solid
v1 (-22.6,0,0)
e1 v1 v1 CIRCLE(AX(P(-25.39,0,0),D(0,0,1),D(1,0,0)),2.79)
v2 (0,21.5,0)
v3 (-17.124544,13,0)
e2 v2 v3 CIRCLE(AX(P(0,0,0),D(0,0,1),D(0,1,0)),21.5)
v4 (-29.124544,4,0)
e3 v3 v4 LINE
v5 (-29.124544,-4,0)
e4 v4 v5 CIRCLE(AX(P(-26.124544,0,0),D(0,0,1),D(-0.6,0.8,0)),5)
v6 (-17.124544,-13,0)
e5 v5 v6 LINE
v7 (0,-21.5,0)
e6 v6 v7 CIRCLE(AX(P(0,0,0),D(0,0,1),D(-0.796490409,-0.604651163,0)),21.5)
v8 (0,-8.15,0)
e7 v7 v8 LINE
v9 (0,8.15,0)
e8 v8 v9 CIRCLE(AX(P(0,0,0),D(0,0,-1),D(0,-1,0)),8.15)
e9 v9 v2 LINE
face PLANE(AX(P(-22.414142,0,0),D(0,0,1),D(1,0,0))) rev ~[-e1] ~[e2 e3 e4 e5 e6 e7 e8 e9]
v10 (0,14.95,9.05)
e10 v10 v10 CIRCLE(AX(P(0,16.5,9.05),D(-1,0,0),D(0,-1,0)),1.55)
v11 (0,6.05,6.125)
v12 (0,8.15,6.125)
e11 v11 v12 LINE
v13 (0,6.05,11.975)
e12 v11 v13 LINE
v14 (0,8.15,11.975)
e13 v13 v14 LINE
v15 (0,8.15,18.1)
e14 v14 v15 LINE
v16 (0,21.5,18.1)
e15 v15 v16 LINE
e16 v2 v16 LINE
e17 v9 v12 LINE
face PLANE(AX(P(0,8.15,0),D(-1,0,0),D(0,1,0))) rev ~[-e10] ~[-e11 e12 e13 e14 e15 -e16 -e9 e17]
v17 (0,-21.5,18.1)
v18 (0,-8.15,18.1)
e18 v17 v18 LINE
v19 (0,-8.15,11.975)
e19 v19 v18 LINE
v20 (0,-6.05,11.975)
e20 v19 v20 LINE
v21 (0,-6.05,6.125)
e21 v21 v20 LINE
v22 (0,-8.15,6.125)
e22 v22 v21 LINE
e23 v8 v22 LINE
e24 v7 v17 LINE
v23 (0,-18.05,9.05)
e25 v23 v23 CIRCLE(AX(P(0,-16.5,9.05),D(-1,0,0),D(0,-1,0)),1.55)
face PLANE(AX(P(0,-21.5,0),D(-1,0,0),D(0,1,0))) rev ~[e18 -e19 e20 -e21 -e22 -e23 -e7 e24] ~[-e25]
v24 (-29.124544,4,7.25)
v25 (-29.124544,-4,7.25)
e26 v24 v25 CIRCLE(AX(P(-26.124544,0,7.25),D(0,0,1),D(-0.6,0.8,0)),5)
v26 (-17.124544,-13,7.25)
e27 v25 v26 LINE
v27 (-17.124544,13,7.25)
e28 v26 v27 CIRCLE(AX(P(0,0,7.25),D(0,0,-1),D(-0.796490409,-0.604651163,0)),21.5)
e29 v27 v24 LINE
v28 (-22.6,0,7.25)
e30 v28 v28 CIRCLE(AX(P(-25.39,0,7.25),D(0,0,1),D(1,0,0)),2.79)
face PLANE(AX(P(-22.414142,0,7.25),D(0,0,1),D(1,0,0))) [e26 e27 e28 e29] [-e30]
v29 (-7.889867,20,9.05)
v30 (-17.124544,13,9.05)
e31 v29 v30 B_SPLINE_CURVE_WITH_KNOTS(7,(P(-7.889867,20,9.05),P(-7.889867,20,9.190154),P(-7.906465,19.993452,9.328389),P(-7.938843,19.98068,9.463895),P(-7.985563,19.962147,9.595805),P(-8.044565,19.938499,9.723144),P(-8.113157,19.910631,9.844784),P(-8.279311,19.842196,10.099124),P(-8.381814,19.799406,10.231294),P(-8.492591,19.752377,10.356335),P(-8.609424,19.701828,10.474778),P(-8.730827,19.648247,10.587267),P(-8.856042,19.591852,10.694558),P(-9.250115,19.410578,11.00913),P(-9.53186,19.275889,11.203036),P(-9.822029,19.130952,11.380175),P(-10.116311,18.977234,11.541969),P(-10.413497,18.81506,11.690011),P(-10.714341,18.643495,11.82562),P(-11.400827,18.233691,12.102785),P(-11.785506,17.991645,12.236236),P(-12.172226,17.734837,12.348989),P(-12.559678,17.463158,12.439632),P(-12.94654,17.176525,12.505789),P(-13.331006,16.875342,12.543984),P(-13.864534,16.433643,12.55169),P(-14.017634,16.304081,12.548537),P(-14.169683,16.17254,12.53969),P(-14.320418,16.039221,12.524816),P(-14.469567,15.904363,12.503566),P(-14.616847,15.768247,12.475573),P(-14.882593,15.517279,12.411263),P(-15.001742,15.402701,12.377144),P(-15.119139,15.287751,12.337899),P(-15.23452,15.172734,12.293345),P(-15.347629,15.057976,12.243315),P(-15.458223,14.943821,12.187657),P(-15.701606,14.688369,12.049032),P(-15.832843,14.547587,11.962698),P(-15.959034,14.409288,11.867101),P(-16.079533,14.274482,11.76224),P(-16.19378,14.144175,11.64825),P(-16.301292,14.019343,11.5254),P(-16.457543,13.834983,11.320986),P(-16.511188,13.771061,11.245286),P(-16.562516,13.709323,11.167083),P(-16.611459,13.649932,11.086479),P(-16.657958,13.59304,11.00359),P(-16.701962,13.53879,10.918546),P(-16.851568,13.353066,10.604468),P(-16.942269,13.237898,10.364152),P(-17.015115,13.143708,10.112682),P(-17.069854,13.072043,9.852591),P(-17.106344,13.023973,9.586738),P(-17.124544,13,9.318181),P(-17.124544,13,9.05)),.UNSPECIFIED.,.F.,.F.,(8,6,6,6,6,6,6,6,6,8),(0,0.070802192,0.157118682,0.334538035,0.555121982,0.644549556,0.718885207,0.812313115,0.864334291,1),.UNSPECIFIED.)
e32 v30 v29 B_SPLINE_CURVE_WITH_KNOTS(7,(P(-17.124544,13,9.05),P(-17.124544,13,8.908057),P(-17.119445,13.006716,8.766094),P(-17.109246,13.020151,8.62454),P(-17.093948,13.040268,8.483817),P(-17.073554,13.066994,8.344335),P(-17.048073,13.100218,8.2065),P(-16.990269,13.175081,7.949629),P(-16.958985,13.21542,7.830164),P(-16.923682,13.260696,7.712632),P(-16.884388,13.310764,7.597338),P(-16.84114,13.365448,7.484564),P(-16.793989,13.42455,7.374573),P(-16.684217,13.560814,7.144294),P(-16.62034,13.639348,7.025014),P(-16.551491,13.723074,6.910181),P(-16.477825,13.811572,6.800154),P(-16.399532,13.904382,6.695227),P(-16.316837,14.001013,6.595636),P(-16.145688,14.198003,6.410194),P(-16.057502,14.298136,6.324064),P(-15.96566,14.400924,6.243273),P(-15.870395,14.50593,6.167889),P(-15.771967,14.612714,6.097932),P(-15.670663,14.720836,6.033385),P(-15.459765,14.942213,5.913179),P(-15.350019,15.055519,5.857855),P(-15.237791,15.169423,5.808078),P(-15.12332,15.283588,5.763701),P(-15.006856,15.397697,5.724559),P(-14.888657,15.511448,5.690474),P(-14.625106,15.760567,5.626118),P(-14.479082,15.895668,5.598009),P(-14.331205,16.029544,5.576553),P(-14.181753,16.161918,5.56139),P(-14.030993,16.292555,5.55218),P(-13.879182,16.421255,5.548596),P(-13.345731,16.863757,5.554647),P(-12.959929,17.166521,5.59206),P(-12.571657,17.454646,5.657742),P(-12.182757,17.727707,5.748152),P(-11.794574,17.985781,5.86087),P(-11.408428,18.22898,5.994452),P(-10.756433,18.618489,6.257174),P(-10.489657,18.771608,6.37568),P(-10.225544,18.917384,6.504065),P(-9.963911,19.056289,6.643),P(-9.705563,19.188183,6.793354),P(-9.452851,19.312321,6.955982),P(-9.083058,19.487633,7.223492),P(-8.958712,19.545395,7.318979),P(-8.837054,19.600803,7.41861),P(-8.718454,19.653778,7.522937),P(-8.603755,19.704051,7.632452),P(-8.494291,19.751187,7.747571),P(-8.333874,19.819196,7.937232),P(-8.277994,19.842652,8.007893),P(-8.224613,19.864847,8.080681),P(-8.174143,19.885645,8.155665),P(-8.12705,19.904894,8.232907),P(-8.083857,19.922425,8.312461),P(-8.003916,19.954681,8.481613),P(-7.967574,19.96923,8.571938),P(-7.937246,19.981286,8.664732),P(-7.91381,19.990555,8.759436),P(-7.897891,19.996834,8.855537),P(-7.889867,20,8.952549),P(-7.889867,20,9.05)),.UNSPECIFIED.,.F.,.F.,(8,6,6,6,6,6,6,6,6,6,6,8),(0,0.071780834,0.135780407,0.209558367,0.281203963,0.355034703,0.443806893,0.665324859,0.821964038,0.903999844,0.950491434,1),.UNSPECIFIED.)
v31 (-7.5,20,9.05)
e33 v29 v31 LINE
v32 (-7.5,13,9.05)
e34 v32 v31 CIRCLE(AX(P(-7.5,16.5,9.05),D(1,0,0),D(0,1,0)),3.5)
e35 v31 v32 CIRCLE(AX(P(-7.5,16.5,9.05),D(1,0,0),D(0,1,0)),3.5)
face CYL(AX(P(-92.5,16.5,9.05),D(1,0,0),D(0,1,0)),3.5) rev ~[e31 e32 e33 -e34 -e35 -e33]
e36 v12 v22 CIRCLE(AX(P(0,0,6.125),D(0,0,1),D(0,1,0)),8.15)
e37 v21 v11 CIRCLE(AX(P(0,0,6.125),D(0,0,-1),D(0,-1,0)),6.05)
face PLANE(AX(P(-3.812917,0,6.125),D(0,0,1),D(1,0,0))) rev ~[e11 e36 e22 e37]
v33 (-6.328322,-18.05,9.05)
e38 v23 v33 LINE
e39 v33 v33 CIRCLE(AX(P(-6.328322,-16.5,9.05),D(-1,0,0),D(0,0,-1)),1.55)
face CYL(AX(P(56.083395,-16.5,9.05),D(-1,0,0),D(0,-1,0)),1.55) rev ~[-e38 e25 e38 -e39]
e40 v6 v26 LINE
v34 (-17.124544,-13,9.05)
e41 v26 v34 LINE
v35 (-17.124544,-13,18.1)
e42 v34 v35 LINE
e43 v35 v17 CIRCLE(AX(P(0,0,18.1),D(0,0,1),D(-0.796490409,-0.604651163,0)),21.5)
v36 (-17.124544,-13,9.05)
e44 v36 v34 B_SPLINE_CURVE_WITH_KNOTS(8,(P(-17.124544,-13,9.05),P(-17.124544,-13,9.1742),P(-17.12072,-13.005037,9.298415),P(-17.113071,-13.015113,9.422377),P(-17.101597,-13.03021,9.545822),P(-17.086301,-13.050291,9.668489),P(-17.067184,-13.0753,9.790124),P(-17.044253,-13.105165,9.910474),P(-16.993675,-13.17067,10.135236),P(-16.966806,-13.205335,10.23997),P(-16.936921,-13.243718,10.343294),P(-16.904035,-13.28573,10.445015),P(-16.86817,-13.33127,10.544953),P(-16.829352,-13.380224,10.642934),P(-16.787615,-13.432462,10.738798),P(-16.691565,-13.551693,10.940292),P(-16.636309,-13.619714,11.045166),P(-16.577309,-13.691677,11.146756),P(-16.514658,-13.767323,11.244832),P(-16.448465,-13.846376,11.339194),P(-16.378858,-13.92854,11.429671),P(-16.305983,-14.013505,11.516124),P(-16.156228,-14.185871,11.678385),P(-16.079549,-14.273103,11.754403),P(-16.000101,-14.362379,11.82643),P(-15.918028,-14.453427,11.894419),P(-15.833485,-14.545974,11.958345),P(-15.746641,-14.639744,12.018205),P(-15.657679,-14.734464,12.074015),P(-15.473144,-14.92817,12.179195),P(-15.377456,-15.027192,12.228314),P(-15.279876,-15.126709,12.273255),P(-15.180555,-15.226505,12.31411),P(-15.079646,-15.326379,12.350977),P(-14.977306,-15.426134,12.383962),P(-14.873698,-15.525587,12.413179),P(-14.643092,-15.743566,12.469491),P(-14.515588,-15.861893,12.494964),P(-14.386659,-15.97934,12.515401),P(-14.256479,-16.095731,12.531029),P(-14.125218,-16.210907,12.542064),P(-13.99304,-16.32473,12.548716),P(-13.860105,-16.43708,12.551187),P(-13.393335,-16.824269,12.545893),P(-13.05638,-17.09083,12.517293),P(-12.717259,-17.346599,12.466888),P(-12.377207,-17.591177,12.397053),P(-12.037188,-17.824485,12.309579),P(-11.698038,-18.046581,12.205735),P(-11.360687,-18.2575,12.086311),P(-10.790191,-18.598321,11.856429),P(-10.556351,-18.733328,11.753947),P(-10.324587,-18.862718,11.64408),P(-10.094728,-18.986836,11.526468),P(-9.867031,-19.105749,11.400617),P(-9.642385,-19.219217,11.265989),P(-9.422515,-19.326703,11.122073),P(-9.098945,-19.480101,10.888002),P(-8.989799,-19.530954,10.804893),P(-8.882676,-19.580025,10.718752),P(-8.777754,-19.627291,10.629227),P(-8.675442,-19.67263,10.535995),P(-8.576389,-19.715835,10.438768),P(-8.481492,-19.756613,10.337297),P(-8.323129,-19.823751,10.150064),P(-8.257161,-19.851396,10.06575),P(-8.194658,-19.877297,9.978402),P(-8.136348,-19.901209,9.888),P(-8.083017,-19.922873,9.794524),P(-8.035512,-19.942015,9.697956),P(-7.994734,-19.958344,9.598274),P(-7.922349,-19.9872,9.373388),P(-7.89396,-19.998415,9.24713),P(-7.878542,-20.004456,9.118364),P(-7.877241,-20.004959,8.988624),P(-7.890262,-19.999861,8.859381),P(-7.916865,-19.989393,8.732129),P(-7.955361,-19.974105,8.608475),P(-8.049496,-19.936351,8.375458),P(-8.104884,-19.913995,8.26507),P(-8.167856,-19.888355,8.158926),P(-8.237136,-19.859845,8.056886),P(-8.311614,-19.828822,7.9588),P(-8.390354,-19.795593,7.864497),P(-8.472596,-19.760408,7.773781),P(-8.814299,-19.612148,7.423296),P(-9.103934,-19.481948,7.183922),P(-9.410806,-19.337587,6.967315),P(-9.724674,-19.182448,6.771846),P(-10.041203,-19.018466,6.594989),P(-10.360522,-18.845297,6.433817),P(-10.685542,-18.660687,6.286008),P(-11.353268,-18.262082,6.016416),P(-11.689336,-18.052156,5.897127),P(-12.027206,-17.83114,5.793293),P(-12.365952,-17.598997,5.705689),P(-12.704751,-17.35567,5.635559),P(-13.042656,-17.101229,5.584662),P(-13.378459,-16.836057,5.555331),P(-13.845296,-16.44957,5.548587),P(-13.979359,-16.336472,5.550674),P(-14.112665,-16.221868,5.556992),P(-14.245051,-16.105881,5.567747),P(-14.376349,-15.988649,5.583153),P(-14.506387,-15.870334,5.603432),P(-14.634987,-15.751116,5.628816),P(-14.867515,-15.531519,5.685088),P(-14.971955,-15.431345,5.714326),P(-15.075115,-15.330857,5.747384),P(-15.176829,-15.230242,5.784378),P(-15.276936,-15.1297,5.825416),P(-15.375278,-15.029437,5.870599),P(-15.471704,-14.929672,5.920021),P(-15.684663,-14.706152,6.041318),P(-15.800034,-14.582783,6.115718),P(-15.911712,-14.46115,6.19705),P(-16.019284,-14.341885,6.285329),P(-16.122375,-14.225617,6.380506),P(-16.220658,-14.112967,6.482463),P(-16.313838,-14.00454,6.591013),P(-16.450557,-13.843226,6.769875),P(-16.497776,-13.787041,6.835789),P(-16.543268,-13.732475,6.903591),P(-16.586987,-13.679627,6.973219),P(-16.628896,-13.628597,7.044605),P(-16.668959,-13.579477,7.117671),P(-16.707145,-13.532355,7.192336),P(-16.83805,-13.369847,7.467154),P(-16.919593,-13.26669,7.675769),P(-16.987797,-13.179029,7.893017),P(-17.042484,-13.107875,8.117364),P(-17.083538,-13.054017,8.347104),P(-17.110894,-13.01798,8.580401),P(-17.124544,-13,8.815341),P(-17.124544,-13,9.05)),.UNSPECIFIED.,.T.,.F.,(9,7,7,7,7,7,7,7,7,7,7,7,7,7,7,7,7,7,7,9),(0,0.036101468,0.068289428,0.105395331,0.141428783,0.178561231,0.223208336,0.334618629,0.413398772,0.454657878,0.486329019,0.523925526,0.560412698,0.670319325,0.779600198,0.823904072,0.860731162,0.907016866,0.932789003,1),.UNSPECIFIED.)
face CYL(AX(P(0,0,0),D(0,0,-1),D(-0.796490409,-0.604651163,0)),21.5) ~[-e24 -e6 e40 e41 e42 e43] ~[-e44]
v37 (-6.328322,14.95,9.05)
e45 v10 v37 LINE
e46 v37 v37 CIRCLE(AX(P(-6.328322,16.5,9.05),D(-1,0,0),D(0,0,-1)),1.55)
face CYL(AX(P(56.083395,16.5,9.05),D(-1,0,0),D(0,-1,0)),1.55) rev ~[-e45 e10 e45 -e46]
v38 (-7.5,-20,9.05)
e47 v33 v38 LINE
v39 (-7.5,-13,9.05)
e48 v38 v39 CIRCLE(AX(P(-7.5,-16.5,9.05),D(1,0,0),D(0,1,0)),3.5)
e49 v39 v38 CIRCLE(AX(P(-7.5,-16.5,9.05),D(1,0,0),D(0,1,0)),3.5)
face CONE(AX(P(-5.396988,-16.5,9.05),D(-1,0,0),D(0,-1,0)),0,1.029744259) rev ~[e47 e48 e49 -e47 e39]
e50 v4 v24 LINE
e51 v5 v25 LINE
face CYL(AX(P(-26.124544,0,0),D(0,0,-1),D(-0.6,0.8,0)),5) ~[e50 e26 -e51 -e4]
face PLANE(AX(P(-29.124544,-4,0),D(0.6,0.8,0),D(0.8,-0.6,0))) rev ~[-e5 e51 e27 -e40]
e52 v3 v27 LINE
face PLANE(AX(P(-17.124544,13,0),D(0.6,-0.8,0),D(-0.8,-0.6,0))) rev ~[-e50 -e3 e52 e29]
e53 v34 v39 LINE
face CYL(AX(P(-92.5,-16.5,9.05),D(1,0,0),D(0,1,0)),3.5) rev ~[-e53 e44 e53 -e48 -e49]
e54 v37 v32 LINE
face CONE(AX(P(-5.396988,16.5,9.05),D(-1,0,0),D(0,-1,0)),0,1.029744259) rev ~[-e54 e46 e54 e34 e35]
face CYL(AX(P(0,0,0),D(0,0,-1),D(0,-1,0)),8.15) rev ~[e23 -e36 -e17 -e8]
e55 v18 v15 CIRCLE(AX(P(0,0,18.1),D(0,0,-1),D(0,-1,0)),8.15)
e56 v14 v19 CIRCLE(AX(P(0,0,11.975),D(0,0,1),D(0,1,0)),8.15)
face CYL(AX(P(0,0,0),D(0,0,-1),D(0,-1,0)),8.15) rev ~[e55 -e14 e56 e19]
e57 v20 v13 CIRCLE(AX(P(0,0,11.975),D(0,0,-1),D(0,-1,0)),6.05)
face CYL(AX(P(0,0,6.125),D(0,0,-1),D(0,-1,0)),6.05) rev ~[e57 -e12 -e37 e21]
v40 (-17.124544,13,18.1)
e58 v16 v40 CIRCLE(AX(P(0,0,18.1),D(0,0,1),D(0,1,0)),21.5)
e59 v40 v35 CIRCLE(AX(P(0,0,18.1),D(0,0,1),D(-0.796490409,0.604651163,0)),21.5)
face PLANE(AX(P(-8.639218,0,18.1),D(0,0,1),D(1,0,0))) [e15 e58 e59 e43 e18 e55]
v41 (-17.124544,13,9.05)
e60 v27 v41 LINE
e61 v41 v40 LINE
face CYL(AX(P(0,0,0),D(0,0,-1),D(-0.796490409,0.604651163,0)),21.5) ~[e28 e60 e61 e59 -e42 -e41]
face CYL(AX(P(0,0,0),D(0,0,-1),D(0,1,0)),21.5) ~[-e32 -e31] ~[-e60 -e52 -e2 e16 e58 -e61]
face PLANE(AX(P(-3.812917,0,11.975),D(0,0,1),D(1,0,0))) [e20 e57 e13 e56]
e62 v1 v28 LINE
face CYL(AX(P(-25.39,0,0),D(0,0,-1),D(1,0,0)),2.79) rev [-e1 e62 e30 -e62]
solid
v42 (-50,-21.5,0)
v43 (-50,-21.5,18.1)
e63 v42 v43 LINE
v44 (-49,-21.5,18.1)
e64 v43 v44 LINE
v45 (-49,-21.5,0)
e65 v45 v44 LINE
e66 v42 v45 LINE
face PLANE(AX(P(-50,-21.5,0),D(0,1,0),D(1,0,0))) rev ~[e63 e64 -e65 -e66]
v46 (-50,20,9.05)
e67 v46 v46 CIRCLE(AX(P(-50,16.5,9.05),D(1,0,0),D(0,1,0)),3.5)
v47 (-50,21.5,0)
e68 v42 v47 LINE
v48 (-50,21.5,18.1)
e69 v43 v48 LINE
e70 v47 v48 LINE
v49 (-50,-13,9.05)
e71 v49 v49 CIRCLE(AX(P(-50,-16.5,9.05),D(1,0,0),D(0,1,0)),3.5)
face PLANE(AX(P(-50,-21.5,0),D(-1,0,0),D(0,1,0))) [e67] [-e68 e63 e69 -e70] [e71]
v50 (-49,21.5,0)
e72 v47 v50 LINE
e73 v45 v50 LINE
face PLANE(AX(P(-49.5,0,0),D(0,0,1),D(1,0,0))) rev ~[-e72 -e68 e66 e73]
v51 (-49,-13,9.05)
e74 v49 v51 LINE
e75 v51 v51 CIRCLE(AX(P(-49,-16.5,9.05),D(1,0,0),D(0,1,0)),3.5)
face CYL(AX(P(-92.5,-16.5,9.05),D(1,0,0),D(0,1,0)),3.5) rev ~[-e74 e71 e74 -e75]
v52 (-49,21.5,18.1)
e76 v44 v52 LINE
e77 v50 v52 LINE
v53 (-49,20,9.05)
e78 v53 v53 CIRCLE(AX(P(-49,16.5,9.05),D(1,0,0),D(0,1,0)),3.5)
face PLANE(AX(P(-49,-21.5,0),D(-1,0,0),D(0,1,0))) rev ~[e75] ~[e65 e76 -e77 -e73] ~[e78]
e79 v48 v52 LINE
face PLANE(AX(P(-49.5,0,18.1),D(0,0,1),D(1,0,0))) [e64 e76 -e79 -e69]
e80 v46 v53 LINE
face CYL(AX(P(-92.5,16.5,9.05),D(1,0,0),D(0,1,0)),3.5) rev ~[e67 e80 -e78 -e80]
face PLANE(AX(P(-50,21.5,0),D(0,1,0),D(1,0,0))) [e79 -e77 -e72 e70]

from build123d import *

# Parameters (mm, degrees)
F1_DEPTH   = 18.1
F2_START   = 6.125
F2_DEPTH   = 5.85
F0_R       = 2.79
F3_DEPTH   = 7.25
F5_D       = 3.1
F0_W       = 1
F0_H       = 43
F6_DEPTH   = 18.1
F8_D       = 7
F8_DEPTH   = 42.5
F8_TIP     = 2.1030121666
F8_2_D     = 7
F8_2_DEPTH = 42.5
F8_2_TIP   = 2.1030121666


with BuildPart() as f1:
    # F0 (on Top) → F1 (new body)
    with BuildSketch(Plane.XY):
        with BuildLine():
            Line((0, 8.15), (0, 21.5))
            ThreePointArc((0, 21.5), (-9.5590271472, 19.2581151726), (-17.1245437895, 13))
            ThreePointArc((-17.1245437895, 13), (-21.5, 0), (-17.1245437895, -13))
            ThreePointArc((-17.1245437895, -13), (-9.5590271472, -19.2581151726), (0, -21.5))
            Line((0, -21.5), (0, -8.15))
            ThreePointArc((0, -8.15), (-8.15, 0), (0, 8.15))
        make_face()
    extrude(amount=F1_DEPTH)

    # F0 (on Top) → F2 (join)
    with BuildSketch(Plane.XY.offset(F2_START)):
        with BuildLine():
            Line((0, 6.05), (0, 8.15))
            ThreePointArc((0, 8.15), (-8.15, 0), (0, -8.15))
            Line((0, -8.15), (0, -6.05))
            ThreePointArc((0, -6.05), (-6.05, 0), (0, 6.05))
        make_face()
    extrude(amount=F2_DEPTH)

    # F0 (on Top) → F3 (join)
    with BuildSketch(Plane.XY):
        with BuildLine():
            ThreePointArc((-17.1245437895, -13), (-21.5, 0), (-17.1245437895, 13))
            Line((-17.1245437895, 13), (-29.1245437895, 4))
            Line((-29.1245437895, 4), (-29.1245437895, -4))
            Line((-29.1245437895, -4), (-17.1245437895, -13))
        make_face()
        with Locations((-25.39, 0)):
            Circle(F0_R, mode=Mode.SUBTRACT)
        with BuildLine():
            Line((-29.1245437895, -4), (-29.1245437895, 4))
            ThreePointArc((-29.1245437895, 4), (-31.1245437895, 0), (-29.1245437895, -4))
        make_face()
    extrude(amount=F3_DEPTH)

    # F5 (through all)
    with Locations(Plane.YZ):
        with Locations((-16.5, 9.05), (16.5, 9.05)):
            Hole(F5_D / 2)

    # F8
    with Locations(Plane(origin=(-50, 0, 0), x_dir=(0, -1, 0), z_dir=(-1, 0, 0))):
        with Locations((-16.5, 9.05), (16.5, 9.05)):
            Hole(F8_D / 2, depth=F8_DEPTH)
            with Locations((0, 0, -(F8_DEPTH + F8_TIP / 2))):  # 118° drill point
                Cone(0, F8_D / 2, F8_TIP, mode=Mode.SUBTRACT)


with BuildPart() as f6:
    # F0 (on Top) → F6 (new body)
    with BuildSketch(Plane.XY):
        with Locations((-49.5, 0)):
            Rectangle(F0_W, F0_H)
    extrude(amount=F6_DEPTH)

    # F8#2
    with Locations(Plane(origin=(-50, 0, 0), x_dir=(0, -1, 0), z_dir=(-1, 0, 0))):
        with Locations((-16.5, 9.05), (16.5, 9.05)):
            Hole(F8_2_D / 2, depth=F8_2_DEPTH)
            with Locations((0, 0, -(F8_2_DEPTH + F8_2_TIP / 2))):  # 118° drill point
                Cone(0, F8_2_D / 2, F8_2_TIP, mode=Mode.SUBTRACT)


solid = Compound([f1.part, f6.part])
